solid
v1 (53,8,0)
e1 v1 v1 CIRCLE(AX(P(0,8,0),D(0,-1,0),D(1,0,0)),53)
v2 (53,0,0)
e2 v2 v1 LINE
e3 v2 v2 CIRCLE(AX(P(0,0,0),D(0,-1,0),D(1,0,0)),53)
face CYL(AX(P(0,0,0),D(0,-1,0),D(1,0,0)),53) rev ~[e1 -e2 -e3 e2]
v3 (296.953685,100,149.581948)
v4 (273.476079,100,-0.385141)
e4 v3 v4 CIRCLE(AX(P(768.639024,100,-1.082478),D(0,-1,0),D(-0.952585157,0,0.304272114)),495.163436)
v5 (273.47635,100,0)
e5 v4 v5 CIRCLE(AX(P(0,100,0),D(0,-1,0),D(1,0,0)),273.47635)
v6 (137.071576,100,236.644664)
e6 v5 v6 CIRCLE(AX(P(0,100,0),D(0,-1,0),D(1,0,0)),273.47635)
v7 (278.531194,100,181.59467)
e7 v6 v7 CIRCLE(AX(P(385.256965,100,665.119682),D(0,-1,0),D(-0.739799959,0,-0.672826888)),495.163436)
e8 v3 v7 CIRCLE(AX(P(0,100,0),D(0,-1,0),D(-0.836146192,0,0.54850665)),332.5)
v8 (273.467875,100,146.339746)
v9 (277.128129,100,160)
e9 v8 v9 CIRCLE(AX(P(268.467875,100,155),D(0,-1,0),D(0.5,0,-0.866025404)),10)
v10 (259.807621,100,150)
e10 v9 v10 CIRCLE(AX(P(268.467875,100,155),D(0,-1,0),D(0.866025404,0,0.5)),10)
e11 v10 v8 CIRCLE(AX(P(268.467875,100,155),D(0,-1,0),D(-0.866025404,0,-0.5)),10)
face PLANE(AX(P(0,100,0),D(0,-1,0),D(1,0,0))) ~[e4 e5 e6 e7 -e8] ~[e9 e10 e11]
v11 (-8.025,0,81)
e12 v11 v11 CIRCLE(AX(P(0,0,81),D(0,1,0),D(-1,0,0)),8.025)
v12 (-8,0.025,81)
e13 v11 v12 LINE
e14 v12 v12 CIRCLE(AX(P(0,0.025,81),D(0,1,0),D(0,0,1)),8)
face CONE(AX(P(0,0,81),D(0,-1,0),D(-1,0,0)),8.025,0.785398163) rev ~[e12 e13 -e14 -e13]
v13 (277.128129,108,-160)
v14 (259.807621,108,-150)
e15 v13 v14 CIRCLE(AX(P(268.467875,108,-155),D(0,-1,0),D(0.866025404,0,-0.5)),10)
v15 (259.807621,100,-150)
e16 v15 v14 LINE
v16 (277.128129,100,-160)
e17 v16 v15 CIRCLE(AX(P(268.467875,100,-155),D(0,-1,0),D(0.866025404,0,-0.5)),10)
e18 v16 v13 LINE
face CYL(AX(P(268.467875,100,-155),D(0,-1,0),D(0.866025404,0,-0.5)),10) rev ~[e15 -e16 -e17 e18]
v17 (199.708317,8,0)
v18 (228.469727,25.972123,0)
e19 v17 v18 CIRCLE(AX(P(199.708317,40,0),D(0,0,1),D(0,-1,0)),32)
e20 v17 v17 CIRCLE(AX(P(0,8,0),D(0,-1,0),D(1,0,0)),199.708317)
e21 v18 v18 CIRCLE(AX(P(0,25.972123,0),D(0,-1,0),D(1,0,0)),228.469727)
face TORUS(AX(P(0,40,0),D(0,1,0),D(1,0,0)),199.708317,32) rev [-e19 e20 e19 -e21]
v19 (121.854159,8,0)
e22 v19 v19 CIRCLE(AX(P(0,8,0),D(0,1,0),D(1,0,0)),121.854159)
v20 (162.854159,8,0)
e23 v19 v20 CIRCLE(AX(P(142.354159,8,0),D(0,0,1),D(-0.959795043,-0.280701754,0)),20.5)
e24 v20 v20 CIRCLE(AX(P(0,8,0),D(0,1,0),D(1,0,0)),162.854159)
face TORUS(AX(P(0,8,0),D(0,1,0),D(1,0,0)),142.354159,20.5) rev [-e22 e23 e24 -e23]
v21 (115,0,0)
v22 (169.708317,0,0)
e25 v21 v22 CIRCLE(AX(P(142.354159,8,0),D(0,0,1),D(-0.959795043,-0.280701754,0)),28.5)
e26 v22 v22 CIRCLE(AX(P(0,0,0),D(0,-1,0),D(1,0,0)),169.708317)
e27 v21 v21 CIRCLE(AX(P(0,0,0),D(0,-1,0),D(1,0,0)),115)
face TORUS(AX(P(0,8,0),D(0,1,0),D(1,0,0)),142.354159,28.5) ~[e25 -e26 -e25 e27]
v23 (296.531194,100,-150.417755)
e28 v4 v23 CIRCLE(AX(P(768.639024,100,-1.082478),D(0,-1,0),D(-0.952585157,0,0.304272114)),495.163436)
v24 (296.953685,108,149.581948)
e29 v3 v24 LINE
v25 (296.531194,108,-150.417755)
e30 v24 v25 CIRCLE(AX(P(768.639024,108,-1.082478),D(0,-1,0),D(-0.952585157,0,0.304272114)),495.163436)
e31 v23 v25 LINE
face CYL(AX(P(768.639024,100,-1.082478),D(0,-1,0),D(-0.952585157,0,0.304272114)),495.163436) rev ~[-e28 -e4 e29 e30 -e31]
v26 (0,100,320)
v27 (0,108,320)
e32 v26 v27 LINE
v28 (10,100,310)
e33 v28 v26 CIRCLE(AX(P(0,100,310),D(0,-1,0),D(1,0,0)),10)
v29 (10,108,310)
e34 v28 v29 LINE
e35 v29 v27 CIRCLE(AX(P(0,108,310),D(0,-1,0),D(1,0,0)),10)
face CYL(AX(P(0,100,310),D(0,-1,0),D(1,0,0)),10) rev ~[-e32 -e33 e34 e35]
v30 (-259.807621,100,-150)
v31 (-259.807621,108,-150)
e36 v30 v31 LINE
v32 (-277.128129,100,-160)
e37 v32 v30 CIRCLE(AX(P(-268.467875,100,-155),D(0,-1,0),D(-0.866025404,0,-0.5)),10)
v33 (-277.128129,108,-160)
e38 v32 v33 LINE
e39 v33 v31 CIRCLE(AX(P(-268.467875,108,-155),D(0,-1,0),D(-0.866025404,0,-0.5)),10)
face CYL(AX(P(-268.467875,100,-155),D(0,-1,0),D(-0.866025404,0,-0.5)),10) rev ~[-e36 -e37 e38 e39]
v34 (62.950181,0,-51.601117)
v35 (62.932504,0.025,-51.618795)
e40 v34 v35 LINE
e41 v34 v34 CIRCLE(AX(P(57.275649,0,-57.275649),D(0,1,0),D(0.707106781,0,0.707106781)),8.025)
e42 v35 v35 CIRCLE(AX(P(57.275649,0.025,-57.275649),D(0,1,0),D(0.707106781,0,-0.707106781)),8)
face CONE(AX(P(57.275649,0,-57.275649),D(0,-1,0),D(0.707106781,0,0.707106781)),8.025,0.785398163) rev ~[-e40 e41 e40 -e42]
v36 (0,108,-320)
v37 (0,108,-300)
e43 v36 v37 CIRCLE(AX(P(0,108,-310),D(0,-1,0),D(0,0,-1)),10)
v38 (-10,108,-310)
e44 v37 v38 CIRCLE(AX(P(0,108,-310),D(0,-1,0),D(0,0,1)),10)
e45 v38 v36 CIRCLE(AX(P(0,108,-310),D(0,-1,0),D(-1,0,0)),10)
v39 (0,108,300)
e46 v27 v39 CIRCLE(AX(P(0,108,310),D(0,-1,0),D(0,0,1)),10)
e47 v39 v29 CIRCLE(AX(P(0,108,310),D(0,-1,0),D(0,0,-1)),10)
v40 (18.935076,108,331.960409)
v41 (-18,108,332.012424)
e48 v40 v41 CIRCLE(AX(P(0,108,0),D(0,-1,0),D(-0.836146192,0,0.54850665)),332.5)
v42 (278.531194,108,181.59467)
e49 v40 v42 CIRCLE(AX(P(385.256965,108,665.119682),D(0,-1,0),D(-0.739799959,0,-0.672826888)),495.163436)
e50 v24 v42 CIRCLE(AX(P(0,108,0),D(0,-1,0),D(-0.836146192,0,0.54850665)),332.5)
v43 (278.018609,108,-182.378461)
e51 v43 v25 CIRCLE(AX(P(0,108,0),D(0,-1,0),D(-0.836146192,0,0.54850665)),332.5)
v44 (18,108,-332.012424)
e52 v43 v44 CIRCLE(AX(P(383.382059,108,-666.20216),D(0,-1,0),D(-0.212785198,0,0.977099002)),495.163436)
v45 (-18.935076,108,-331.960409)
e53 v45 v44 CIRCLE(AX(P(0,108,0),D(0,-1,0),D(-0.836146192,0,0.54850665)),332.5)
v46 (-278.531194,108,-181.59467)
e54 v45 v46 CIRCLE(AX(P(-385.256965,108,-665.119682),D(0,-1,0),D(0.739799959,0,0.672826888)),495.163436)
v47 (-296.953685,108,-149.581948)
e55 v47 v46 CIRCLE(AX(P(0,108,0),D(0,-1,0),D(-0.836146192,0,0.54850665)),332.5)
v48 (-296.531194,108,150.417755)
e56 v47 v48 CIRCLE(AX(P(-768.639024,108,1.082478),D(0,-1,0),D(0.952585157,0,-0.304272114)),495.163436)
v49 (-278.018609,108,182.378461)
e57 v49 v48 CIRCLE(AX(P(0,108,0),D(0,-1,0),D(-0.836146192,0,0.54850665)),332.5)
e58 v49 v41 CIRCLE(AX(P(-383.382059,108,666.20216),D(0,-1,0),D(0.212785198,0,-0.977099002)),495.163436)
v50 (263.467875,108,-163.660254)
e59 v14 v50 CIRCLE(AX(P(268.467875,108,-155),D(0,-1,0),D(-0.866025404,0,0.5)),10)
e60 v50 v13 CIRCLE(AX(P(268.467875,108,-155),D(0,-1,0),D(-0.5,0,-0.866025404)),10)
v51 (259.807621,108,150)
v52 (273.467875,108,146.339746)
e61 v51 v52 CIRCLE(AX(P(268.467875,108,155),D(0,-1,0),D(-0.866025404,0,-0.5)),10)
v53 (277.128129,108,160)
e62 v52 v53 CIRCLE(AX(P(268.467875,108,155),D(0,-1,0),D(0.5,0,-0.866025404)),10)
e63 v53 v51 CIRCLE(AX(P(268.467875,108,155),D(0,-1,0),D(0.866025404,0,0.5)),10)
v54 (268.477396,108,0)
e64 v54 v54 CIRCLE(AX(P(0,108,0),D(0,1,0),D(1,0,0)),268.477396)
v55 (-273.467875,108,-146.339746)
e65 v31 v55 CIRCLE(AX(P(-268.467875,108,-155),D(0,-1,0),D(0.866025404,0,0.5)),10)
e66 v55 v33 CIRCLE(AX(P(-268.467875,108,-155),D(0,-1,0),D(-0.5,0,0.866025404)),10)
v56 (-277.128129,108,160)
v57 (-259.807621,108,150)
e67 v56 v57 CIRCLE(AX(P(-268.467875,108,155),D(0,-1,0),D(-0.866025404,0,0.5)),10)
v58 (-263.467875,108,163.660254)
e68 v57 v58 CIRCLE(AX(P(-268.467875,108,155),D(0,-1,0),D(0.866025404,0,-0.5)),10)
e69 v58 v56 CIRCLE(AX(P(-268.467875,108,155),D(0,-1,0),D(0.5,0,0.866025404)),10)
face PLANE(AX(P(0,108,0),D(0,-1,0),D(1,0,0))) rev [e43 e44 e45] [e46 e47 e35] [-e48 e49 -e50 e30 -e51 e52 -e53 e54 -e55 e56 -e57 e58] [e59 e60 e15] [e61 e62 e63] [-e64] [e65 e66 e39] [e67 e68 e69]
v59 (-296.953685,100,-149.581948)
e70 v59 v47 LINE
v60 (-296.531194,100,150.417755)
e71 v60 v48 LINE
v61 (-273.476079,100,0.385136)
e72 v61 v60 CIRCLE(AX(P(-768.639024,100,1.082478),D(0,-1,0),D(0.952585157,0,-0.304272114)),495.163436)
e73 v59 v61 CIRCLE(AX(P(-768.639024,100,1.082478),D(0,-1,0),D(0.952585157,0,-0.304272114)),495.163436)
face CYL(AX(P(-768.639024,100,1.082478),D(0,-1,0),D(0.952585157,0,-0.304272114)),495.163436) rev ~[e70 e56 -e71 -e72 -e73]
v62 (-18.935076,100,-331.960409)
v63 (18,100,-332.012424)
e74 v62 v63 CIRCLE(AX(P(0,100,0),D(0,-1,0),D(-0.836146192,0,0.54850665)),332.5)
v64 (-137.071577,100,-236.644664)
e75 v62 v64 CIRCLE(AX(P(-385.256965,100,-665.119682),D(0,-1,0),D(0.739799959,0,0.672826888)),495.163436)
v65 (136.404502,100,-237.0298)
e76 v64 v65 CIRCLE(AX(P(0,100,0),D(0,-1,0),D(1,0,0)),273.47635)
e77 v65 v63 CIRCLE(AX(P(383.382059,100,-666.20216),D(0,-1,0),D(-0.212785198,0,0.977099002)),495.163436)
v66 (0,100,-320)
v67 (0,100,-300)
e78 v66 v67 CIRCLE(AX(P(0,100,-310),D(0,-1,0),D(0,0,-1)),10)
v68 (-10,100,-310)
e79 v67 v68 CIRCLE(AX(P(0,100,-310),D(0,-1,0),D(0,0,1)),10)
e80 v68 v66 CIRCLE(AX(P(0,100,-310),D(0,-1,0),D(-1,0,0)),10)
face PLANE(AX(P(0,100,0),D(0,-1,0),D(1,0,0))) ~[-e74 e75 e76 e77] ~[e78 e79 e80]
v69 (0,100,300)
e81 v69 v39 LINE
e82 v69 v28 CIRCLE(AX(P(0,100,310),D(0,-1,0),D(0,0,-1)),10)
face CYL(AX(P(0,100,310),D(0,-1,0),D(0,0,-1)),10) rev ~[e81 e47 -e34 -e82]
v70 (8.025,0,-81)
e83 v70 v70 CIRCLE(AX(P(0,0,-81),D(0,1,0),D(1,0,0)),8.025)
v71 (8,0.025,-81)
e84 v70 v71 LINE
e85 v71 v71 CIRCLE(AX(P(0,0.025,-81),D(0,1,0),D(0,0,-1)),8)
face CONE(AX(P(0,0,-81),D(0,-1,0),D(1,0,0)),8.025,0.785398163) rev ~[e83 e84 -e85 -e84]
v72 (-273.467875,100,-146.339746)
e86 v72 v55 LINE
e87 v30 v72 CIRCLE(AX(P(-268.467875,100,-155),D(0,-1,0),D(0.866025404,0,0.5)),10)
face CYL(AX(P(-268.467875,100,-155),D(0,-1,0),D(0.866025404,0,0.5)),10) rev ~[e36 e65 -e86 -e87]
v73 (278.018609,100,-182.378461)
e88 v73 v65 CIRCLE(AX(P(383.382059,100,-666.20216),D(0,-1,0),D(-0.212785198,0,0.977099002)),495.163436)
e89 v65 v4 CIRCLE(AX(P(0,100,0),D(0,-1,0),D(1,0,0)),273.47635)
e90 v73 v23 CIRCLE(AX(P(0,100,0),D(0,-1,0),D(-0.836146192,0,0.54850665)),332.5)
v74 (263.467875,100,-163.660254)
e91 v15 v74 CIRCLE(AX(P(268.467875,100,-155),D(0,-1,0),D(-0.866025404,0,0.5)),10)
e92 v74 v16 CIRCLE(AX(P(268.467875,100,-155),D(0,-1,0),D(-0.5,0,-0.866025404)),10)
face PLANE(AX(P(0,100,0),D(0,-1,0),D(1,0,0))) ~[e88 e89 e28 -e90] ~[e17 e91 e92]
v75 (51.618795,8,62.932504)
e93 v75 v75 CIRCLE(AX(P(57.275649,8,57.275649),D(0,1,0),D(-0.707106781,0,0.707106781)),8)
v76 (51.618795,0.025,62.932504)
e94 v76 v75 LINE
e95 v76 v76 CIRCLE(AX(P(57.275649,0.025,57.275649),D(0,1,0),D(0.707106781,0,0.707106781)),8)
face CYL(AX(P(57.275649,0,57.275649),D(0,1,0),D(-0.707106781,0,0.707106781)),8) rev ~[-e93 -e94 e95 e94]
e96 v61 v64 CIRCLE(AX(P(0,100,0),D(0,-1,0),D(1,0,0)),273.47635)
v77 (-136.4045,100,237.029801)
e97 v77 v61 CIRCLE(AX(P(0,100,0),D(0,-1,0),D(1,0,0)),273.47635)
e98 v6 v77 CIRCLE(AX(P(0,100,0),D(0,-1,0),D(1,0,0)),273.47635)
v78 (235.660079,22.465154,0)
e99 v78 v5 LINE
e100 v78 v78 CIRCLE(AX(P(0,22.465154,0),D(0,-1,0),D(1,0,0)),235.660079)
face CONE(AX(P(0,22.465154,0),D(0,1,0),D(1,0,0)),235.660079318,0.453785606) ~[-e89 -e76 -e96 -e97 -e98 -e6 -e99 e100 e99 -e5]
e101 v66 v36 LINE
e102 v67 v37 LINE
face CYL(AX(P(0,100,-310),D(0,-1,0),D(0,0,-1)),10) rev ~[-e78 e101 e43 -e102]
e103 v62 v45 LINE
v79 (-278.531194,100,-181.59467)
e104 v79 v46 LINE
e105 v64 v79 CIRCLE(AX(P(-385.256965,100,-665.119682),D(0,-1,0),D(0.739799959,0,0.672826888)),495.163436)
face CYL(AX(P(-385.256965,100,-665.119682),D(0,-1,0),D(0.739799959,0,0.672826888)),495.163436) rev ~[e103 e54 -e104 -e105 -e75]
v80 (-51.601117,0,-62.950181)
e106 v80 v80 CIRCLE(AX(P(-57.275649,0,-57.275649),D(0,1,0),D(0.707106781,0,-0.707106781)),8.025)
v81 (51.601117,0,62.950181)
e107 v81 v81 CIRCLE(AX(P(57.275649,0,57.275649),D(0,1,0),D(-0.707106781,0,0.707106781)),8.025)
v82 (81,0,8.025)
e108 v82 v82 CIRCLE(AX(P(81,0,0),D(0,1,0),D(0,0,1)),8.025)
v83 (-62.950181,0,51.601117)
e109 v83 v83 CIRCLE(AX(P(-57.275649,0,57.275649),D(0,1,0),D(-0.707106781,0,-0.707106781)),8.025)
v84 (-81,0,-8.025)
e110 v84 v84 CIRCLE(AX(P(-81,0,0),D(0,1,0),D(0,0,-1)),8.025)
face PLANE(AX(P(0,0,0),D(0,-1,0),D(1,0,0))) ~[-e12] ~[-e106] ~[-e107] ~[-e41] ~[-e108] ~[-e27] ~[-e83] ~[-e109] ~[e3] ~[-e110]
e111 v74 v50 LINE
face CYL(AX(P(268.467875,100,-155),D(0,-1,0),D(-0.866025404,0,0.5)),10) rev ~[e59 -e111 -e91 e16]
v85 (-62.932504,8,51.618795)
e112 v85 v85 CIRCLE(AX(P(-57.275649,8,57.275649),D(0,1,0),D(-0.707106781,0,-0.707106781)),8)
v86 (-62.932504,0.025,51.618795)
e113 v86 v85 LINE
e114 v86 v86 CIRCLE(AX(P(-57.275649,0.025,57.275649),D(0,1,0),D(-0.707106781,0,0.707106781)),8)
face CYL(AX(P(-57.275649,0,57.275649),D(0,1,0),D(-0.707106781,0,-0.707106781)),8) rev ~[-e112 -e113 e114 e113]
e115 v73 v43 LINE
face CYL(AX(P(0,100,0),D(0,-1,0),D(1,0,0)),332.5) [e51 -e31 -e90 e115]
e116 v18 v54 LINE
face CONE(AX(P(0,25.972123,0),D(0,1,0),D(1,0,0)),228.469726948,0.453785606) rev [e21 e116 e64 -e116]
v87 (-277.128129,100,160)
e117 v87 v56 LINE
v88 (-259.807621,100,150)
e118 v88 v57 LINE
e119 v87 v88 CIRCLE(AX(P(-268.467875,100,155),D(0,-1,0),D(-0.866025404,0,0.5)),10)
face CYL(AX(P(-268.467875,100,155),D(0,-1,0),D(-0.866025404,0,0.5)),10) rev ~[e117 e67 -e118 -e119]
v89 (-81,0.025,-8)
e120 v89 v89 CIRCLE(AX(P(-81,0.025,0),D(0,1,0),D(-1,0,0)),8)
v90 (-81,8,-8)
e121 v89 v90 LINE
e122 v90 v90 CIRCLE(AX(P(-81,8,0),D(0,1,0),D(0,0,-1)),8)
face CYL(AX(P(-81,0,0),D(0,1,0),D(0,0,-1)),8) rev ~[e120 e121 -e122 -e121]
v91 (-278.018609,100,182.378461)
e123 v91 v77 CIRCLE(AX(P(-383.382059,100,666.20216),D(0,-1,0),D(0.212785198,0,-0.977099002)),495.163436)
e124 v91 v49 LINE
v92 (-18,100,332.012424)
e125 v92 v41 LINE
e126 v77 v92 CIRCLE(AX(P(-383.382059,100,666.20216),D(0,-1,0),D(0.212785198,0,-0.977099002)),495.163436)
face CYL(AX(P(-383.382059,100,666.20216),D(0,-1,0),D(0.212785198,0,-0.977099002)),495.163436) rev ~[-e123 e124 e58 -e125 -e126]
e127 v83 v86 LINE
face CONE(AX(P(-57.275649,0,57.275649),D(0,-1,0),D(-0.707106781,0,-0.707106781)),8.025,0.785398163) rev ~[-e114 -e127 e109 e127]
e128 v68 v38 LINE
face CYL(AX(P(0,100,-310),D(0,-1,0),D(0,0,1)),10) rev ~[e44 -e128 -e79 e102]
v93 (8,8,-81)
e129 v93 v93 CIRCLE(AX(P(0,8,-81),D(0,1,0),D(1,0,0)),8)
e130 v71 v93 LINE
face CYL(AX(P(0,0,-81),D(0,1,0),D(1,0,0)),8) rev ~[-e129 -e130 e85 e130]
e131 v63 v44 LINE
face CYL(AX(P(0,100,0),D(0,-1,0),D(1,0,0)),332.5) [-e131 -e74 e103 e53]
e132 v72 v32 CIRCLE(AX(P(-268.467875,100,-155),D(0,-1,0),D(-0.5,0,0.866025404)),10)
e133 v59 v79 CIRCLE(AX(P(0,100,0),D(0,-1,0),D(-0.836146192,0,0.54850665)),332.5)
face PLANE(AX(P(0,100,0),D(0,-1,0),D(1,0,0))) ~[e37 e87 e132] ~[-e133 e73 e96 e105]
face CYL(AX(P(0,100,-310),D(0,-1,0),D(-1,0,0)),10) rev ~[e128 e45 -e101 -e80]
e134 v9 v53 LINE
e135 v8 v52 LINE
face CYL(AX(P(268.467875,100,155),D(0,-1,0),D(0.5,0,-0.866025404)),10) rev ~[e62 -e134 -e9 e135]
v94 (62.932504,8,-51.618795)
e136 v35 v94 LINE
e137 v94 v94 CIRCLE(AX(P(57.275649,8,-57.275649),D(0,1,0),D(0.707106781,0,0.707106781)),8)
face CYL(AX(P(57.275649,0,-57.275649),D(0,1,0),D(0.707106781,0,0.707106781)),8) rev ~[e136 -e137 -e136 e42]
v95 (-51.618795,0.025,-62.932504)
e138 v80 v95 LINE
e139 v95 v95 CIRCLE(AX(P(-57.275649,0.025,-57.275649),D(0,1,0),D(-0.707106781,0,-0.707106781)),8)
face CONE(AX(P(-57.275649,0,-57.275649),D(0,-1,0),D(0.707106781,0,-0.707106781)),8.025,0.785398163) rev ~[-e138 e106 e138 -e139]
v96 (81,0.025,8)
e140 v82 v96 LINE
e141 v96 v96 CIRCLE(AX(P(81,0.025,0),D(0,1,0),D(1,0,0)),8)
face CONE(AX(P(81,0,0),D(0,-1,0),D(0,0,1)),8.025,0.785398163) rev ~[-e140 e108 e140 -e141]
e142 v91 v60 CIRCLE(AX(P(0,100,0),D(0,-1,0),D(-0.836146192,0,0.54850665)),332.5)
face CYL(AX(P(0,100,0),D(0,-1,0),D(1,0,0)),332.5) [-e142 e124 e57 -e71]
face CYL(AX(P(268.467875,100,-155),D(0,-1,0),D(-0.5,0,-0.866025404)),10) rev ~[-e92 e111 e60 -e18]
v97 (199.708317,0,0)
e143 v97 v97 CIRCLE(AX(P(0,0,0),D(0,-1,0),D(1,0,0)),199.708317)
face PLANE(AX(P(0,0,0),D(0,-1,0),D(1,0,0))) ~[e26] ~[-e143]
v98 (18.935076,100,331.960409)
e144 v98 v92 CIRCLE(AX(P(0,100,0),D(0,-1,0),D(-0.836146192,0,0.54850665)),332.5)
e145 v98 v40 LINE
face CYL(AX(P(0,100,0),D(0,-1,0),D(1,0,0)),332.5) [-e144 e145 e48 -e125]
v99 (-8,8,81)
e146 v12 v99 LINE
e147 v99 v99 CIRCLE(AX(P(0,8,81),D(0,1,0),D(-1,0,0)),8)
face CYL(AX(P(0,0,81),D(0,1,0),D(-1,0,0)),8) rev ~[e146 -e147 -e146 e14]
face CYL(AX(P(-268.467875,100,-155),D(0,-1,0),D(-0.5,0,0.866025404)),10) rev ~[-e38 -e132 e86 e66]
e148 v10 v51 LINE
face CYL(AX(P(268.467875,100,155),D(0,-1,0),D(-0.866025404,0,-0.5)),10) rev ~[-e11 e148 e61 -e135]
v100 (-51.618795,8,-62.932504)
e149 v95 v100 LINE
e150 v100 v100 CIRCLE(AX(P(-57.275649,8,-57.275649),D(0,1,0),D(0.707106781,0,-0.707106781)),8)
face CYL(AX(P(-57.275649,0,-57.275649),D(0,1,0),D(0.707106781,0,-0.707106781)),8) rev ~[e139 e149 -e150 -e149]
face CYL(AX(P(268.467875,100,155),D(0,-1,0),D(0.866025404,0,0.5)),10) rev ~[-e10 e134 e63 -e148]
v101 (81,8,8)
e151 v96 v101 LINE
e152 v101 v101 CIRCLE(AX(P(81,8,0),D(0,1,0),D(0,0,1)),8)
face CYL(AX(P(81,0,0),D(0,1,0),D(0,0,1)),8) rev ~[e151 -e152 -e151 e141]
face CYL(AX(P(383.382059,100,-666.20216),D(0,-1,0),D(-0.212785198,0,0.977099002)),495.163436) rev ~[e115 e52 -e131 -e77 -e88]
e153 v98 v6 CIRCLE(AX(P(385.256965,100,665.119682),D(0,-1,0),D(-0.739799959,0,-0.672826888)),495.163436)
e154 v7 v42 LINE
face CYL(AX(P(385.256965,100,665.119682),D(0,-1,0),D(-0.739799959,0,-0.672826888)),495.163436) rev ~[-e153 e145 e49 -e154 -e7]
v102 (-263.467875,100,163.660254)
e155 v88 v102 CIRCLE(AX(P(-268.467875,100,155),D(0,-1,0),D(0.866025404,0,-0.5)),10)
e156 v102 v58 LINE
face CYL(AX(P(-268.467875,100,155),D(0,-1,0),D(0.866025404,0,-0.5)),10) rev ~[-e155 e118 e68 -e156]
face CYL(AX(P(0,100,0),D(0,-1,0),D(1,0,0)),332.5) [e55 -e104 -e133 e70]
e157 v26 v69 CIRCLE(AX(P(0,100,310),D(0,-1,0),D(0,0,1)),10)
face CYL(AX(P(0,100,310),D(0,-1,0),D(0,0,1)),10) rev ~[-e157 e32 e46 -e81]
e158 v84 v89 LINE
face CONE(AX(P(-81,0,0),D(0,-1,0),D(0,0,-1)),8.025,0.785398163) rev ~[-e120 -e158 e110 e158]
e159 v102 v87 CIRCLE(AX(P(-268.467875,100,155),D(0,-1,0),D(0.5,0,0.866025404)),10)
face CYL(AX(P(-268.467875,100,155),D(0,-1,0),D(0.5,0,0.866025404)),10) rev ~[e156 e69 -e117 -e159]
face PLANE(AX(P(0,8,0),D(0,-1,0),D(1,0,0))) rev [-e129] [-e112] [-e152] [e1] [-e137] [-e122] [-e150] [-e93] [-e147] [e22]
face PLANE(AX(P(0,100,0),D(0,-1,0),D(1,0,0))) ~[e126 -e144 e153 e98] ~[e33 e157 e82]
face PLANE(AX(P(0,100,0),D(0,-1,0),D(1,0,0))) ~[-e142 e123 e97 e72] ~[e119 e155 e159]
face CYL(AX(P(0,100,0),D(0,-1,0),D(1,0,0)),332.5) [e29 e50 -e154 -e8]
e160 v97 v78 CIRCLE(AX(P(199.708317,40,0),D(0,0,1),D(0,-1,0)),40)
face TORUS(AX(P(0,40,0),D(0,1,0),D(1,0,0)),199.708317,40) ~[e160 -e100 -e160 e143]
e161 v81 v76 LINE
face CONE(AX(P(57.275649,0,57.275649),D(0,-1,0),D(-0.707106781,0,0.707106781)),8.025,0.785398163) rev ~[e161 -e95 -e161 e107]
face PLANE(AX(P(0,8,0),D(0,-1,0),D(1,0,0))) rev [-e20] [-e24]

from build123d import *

# Parameters (mm, degrees)
THICKEN1_T1                      = 8
CUT_EXTRUDE1_DEPTH               = 486.420178839
CIRPATTERN1_COUNT                = 6
F_16_0MM_DOWEL_HOLE2_D           = 16
F_16_0MM_DOWEL_HOLE2_CSINK_D     = 16.05
F_16_0MM_DOWEL_HOLE2_CSINK_ANGLE = 90
CIRPATTERN2_COUNT                = 8


with BuildPart() as body_1:
    # Surface-Revolve1: a surface, the sketch's curves turned about an axis
    with BuildLine(Plane.XY, mode=Mode.PRIVATE) as surface_revolve1_1_path:
        Line((53, 0), (115, 0))
        ThreePointArc((115, 0), (142.354158733, -20.5), (169.708317466, 0))
        Line((169.708317466, 0), (199.708317466, 0))
        ThreePointArc((199.708317466, 0), (220.905088036, 6.078076154), (235.660079318, 22.465154128))
        Line((235.660079318, 22.465154128), (273.476350399, 100))
        Line((273.476350399, 100), (332.5, 100))
    surface_revolve1_1 = Shell.revolve(surface_revolve1_1_path.wire(), 360, Axis((0, 88.516727843, 0), (0, -1, 0)))
    add(Solid.thicken(surface_revolve1_1, THICKEN1_T1))

    # Sketch2 → Cut-Extrude1 (cut, through all)
    with BuildSketch(Plane.XZ.offset(-100)):
        with BuildLine():
            ThreePointArc((-278.018608961, 182.378461095), (-136.404500662, 237.029800715), (-18, 332.012424466))
            ThreePointArc((-18, 332.012424466), (-165.844309403, 288.187291598), (-278.018608961, 182.378461095))
        make_face()
        with BuildLine():
            ThreePointArc((0, 320), (-10, 310), (0, 300))
            Line((0, 300), (0, 320))
        make_face()
        with BuildLine():
            Line((0, 320), (0, 300))
            ThreePointArc((0, 300), (7.071067812, 302.928932188), (10, 310))
            ThreePointArc((10, 310), (7.071067812, 317.071067812), (0, 320))
        make_face()
    cut_extrude1 = extrude(amount=-CUT_EXTRUDE1_DEPTH, mode=Mode.SUBTRACT)

    # CirPattern1: Cut-Extrude1 ×6 about axis
    cirpattern1_axis = Axis((0, 0, 0), (0, 1, 0))
    for i in range(1, CIRPATTERN1_COUNT):
        add(cut_extrude1.rotate(cirpattern1_axis, i * 360 / CIRPATTERN1_COUNT), mode=Mode.SUBTRACT)

    # 16.0mm Dowel Hole2 (through all)
    with Locations(Plane(origin=(0, 0, 0), x_dir=(-1, 0, 0), z_dir=(0, -1, 0))):
        with Locations((0, 81)):
            f_16_0mm_dowel_hole2 = CounterSinkHole(F_16_0MM_DOWEL_HOLE2_D / 2, F_16_0MM_DOWEL_HOLE2_CSINK_D / 2, counter_sink_angle=F_16_0MM_DOWEL_HOLE2_CSINK_ANGLE)

    # CirPattern2: 16.0mm Dowel Hole2 ×8 about axis
    cirpattern2_axis = Axis((0, 0, 0), (0, 1, 0))
    for i in range(1, CIRPATTERN2_COUNT):
        add(f_16_0mm_dowel_hole2.rotate(cirpattern2_axis, i * 360 / CIRPATTERN2_COUNT), mode=Mode.SUBTRACT)


solid = body_1.part
